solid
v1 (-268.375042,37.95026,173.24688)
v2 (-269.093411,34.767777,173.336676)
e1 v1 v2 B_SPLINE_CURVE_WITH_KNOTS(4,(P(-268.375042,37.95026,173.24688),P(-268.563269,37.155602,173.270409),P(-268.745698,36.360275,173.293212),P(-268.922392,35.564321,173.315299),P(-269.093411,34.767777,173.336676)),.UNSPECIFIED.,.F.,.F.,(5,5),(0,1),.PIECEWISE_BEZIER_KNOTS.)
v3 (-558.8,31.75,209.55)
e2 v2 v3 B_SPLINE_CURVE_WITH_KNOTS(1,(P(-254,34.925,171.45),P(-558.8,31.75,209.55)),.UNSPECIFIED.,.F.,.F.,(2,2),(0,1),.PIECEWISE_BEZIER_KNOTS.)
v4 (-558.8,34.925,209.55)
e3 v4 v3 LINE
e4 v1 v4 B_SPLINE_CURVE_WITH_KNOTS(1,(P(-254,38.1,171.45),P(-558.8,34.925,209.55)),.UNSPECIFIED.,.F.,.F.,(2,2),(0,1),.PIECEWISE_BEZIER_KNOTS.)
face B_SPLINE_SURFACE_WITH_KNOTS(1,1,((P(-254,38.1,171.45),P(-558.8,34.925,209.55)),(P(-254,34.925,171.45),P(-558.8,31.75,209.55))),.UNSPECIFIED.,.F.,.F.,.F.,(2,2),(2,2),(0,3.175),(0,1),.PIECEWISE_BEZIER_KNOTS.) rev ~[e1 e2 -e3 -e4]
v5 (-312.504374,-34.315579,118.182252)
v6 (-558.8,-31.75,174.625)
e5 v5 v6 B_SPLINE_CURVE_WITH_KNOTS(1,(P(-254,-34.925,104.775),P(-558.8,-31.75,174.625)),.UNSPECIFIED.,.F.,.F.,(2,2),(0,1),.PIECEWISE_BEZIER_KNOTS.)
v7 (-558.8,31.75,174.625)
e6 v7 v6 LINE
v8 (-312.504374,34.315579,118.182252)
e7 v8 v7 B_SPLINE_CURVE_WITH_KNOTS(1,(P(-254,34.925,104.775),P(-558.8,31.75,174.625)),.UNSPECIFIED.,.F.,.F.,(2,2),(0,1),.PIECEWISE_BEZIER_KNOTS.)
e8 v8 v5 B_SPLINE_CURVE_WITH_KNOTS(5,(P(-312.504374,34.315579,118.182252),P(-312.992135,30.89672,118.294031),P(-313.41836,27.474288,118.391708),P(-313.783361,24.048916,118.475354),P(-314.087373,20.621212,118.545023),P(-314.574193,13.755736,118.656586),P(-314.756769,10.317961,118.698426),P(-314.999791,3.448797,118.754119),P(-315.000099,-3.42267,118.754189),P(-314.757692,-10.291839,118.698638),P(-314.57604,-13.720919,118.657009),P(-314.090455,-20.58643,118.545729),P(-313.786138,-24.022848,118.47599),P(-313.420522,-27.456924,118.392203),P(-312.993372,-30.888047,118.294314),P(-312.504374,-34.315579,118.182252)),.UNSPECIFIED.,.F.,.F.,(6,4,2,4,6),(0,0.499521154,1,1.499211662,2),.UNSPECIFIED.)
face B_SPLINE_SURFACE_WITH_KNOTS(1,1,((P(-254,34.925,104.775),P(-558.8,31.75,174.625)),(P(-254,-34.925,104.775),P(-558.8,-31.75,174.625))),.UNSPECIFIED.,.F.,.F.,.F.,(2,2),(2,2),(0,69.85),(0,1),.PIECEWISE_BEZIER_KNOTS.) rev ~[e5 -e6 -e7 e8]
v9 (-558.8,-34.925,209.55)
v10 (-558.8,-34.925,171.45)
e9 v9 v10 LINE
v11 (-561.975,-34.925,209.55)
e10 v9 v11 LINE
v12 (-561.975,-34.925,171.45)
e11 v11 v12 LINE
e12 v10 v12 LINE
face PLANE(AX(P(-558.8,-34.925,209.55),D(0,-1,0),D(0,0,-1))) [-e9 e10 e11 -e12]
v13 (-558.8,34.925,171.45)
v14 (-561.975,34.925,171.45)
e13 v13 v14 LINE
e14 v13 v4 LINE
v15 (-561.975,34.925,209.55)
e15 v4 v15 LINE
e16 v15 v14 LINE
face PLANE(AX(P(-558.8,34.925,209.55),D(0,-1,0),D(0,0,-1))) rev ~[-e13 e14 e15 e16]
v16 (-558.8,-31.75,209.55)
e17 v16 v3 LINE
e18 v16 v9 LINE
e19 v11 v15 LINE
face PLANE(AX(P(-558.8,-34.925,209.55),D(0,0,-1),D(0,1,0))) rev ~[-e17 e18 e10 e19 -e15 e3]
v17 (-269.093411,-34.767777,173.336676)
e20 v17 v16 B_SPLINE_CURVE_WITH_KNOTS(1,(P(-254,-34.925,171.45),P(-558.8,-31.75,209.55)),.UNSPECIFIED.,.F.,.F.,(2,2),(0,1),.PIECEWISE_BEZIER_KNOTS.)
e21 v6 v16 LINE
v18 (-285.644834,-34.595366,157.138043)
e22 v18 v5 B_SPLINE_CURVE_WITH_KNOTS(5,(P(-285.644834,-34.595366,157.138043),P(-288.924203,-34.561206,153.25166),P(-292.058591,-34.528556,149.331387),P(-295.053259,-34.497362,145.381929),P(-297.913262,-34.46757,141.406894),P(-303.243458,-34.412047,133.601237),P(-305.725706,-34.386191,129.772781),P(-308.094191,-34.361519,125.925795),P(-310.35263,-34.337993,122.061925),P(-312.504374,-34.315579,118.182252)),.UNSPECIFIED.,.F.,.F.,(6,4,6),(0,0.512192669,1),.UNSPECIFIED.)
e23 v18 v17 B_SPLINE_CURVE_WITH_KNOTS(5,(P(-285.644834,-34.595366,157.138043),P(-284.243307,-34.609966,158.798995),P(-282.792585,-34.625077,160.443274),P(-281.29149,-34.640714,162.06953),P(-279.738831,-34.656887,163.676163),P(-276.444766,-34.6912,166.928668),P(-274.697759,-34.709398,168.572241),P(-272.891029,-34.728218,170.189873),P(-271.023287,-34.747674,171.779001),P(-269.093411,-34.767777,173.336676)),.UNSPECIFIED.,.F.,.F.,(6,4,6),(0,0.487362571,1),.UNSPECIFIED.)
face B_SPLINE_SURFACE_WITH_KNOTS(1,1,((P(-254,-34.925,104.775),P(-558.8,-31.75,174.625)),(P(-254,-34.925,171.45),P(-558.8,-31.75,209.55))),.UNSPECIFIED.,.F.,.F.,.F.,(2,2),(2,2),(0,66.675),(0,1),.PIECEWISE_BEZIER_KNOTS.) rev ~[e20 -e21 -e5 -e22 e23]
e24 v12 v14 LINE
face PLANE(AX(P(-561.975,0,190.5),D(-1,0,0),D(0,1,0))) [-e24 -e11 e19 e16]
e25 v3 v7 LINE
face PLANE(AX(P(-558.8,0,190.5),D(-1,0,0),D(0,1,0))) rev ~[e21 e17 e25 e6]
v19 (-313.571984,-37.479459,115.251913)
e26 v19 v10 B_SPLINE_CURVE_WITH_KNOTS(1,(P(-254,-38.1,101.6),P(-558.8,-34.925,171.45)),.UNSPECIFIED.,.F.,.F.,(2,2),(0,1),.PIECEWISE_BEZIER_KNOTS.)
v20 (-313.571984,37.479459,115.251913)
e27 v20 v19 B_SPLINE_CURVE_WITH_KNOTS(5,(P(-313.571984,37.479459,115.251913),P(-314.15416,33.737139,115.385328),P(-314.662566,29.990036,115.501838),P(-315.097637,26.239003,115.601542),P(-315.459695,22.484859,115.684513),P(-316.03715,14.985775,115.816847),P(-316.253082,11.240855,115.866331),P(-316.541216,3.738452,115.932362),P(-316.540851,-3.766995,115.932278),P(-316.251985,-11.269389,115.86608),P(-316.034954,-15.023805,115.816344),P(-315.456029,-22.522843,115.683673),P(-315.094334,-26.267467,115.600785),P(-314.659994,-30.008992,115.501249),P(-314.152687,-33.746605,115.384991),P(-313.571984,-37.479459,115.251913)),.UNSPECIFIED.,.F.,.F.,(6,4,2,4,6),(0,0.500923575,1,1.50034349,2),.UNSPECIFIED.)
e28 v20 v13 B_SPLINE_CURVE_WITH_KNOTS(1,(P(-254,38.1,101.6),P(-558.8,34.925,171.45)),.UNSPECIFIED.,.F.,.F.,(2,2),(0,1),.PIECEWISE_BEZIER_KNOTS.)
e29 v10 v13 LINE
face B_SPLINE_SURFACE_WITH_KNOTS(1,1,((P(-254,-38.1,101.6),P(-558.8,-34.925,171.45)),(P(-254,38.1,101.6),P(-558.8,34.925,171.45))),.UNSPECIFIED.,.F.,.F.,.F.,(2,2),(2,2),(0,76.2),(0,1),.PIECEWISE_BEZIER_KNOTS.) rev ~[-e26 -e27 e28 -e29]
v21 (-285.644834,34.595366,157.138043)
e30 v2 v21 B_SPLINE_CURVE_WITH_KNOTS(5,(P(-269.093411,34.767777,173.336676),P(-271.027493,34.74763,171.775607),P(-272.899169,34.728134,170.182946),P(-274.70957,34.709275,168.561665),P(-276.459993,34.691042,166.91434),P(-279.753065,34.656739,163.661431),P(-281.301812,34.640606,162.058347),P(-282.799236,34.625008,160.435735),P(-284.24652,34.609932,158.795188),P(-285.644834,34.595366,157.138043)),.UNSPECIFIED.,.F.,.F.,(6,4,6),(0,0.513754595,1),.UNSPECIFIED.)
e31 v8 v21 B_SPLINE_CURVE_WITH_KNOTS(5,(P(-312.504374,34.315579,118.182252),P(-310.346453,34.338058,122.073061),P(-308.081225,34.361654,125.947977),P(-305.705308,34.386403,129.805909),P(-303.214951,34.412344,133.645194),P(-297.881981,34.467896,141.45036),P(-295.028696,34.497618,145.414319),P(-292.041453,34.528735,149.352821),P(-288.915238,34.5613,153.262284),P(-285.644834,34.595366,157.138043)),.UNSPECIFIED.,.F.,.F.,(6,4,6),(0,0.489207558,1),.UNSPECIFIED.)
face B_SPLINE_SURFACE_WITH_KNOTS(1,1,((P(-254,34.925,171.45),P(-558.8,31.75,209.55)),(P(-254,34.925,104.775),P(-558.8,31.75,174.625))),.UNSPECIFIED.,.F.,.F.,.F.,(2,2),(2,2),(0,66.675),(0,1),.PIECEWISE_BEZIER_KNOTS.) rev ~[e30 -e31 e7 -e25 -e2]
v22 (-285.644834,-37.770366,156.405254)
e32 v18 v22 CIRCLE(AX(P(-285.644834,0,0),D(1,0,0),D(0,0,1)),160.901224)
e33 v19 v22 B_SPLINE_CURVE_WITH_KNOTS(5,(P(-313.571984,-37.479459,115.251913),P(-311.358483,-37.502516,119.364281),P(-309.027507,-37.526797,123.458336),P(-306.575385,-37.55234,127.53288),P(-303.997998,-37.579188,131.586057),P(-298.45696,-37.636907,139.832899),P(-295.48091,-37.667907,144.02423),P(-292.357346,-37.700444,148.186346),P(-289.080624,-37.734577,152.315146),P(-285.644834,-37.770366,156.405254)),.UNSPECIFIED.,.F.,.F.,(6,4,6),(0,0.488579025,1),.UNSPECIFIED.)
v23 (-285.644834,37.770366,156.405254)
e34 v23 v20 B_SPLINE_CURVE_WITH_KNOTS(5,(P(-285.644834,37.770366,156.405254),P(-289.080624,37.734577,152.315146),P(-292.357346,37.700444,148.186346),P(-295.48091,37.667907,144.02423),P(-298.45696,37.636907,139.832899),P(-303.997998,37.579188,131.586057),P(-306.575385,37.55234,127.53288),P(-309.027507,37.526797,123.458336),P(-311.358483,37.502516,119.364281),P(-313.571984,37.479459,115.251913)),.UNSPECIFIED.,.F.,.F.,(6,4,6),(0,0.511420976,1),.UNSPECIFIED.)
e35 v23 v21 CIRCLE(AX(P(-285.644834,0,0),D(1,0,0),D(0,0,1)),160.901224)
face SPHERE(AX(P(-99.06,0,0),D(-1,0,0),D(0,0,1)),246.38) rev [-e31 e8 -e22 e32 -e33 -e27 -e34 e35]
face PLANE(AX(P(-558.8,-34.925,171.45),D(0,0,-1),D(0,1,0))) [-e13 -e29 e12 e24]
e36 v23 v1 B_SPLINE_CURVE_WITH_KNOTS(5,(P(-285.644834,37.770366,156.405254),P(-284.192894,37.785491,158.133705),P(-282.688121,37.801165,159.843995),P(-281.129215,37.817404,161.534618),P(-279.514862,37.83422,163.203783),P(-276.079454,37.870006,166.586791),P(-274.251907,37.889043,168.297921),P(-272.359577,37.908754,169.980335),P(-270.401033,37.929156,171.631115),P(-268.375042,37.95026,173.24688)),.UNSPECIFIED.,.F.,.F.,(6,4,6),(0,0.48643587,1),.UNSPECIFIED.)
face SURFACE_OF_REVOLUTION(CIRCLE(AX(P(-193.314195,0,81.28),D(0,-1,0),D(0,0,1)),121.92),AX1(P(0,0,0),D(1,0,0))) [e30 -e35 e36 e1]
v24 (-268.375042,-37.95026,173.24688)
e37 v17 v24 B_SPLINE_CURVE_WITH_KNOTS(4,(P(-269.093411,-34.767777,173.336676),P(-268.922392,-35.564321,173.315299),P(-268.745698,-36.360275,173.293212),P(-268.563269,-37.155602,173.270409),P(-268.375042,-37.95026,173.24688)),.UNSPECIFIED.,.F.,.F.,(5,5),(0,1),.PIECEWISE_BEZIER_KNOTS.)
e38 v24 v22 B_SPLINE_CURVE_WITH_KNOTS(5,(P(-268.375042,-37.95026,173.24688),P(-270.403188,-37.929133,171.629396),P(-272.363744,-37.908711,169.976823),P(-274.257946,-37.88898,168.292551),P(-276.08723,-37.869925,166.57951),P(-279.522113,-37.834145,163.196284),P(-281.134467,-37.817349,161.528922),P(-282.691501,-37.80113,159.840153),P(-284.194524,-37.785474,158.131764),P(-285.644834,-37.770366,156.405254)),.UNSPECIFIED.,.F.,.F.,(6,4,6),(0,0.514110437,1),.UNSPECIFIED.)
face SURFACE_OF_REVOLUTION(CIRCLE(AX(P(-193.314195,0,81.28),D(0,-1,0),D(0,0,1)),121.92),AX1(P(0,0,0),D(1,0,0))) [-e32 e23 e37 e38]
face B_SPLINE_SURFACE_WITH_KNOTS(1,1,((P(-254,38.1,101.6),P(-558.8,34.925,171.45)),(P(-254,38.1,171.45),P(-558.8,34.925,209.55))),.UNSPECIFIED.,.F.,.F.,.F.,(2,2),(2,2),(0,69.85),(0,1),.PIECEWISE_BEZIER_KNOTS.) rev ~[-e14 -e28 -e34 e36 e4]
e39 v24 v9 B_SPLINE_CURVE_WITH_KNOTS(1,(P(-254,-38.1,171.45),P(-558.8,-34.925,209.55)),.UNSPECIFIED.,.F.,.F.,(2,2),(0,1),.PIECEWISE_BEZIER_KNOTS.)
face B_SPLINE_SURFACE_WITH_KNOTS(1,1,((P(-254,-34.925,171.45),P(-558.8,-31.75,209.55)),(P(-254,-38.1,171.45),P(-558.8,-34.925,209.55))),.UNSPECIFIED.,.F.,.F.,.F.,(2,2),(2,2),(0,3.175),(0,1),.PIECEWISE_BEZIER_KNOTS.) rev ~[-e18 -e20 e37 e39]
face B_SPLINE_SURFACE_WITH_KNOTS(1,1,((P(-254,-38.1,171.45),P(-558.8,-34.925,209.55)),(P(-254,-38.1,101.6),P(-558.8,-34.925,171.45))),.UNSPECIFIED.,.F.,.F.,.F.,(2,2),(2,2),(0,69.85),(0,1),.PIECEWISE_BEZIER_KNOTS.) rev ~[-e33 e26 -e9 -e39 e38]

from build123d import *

# Parameters (mm, degrees)
SKETCH113_W  = 69.85
SKETCH113_H  = 38.1
PAD024_DEPTH = 3.175


with BuildPart() as part:
    # Sketch111 → AdditiveLoft001 section 0
    with BuildSketch(Plane(origin=(-254, 0, 101.6), x_dir=(0, 1, 0), z_dir=(1, 0, 0))):
        Polygon((-38.1, 69.85), (-38.1, 0), (38.1, 0), (38.1, 69.8500000001), (34.925, 69.8500000001), (34.925, 3.175), (-34.925, 3.175), (-34.925, 69.85), align=None)
    # Sketch112 → AdditiveLoft001 section 1
    with BuildSketch(Plane(origin=(-558.8, 0, 127), x_dir=(0, 1, 0), z_dir=(1, 0, 0))):
        Polygon((-34.925, 82.55), (-34.925, 44.45), (34.925, 44.45), (34.925, 82.55), (31.75, 82.55), (31.75, 47.625), (-31.75, 47.625), (-31.75, 82.55), align=None)
    loft()

    # Sketch113 (on Face3 of AdditiveLoft001) → Pad024 (new body)
    with BuildSketch(Plane(origin=(-558.8, 0, 101.6), x_dir=(0, 1, 0), z_dir=(-1, 0, 0))):
        with Locations((0, -88.9)):
            Rectangle(SKETCH113_W, SKETCH113_H)
    extrude(amount=PAD024_DEPTH)

    # Sketch114 → Groove (revolve, cut)
    with BuildSketch(Plane.XZ):
        with BuildLine():
            ThreePointArc((-285.6448342114, 160.9012244898), (-330.0079117171, 85.8263739972), (-345.44, 0))
            Line((-345.44, 0), (0, 0))
            Line((0, 203.2), (0, 0))
            Line((-193.3141946016, 203.2), (0, 203.2))
            ThreePointArc((-193.3141946016, 203.2), (-244.0934556744, 192.1220184086), (-285.6448342114, 160.9012244898))
        make_face()
    revolve(axis=Axis((0, 0, 0), (1, 0, 0)), mode=Mode.SUBTRACT)


solid = part.part
